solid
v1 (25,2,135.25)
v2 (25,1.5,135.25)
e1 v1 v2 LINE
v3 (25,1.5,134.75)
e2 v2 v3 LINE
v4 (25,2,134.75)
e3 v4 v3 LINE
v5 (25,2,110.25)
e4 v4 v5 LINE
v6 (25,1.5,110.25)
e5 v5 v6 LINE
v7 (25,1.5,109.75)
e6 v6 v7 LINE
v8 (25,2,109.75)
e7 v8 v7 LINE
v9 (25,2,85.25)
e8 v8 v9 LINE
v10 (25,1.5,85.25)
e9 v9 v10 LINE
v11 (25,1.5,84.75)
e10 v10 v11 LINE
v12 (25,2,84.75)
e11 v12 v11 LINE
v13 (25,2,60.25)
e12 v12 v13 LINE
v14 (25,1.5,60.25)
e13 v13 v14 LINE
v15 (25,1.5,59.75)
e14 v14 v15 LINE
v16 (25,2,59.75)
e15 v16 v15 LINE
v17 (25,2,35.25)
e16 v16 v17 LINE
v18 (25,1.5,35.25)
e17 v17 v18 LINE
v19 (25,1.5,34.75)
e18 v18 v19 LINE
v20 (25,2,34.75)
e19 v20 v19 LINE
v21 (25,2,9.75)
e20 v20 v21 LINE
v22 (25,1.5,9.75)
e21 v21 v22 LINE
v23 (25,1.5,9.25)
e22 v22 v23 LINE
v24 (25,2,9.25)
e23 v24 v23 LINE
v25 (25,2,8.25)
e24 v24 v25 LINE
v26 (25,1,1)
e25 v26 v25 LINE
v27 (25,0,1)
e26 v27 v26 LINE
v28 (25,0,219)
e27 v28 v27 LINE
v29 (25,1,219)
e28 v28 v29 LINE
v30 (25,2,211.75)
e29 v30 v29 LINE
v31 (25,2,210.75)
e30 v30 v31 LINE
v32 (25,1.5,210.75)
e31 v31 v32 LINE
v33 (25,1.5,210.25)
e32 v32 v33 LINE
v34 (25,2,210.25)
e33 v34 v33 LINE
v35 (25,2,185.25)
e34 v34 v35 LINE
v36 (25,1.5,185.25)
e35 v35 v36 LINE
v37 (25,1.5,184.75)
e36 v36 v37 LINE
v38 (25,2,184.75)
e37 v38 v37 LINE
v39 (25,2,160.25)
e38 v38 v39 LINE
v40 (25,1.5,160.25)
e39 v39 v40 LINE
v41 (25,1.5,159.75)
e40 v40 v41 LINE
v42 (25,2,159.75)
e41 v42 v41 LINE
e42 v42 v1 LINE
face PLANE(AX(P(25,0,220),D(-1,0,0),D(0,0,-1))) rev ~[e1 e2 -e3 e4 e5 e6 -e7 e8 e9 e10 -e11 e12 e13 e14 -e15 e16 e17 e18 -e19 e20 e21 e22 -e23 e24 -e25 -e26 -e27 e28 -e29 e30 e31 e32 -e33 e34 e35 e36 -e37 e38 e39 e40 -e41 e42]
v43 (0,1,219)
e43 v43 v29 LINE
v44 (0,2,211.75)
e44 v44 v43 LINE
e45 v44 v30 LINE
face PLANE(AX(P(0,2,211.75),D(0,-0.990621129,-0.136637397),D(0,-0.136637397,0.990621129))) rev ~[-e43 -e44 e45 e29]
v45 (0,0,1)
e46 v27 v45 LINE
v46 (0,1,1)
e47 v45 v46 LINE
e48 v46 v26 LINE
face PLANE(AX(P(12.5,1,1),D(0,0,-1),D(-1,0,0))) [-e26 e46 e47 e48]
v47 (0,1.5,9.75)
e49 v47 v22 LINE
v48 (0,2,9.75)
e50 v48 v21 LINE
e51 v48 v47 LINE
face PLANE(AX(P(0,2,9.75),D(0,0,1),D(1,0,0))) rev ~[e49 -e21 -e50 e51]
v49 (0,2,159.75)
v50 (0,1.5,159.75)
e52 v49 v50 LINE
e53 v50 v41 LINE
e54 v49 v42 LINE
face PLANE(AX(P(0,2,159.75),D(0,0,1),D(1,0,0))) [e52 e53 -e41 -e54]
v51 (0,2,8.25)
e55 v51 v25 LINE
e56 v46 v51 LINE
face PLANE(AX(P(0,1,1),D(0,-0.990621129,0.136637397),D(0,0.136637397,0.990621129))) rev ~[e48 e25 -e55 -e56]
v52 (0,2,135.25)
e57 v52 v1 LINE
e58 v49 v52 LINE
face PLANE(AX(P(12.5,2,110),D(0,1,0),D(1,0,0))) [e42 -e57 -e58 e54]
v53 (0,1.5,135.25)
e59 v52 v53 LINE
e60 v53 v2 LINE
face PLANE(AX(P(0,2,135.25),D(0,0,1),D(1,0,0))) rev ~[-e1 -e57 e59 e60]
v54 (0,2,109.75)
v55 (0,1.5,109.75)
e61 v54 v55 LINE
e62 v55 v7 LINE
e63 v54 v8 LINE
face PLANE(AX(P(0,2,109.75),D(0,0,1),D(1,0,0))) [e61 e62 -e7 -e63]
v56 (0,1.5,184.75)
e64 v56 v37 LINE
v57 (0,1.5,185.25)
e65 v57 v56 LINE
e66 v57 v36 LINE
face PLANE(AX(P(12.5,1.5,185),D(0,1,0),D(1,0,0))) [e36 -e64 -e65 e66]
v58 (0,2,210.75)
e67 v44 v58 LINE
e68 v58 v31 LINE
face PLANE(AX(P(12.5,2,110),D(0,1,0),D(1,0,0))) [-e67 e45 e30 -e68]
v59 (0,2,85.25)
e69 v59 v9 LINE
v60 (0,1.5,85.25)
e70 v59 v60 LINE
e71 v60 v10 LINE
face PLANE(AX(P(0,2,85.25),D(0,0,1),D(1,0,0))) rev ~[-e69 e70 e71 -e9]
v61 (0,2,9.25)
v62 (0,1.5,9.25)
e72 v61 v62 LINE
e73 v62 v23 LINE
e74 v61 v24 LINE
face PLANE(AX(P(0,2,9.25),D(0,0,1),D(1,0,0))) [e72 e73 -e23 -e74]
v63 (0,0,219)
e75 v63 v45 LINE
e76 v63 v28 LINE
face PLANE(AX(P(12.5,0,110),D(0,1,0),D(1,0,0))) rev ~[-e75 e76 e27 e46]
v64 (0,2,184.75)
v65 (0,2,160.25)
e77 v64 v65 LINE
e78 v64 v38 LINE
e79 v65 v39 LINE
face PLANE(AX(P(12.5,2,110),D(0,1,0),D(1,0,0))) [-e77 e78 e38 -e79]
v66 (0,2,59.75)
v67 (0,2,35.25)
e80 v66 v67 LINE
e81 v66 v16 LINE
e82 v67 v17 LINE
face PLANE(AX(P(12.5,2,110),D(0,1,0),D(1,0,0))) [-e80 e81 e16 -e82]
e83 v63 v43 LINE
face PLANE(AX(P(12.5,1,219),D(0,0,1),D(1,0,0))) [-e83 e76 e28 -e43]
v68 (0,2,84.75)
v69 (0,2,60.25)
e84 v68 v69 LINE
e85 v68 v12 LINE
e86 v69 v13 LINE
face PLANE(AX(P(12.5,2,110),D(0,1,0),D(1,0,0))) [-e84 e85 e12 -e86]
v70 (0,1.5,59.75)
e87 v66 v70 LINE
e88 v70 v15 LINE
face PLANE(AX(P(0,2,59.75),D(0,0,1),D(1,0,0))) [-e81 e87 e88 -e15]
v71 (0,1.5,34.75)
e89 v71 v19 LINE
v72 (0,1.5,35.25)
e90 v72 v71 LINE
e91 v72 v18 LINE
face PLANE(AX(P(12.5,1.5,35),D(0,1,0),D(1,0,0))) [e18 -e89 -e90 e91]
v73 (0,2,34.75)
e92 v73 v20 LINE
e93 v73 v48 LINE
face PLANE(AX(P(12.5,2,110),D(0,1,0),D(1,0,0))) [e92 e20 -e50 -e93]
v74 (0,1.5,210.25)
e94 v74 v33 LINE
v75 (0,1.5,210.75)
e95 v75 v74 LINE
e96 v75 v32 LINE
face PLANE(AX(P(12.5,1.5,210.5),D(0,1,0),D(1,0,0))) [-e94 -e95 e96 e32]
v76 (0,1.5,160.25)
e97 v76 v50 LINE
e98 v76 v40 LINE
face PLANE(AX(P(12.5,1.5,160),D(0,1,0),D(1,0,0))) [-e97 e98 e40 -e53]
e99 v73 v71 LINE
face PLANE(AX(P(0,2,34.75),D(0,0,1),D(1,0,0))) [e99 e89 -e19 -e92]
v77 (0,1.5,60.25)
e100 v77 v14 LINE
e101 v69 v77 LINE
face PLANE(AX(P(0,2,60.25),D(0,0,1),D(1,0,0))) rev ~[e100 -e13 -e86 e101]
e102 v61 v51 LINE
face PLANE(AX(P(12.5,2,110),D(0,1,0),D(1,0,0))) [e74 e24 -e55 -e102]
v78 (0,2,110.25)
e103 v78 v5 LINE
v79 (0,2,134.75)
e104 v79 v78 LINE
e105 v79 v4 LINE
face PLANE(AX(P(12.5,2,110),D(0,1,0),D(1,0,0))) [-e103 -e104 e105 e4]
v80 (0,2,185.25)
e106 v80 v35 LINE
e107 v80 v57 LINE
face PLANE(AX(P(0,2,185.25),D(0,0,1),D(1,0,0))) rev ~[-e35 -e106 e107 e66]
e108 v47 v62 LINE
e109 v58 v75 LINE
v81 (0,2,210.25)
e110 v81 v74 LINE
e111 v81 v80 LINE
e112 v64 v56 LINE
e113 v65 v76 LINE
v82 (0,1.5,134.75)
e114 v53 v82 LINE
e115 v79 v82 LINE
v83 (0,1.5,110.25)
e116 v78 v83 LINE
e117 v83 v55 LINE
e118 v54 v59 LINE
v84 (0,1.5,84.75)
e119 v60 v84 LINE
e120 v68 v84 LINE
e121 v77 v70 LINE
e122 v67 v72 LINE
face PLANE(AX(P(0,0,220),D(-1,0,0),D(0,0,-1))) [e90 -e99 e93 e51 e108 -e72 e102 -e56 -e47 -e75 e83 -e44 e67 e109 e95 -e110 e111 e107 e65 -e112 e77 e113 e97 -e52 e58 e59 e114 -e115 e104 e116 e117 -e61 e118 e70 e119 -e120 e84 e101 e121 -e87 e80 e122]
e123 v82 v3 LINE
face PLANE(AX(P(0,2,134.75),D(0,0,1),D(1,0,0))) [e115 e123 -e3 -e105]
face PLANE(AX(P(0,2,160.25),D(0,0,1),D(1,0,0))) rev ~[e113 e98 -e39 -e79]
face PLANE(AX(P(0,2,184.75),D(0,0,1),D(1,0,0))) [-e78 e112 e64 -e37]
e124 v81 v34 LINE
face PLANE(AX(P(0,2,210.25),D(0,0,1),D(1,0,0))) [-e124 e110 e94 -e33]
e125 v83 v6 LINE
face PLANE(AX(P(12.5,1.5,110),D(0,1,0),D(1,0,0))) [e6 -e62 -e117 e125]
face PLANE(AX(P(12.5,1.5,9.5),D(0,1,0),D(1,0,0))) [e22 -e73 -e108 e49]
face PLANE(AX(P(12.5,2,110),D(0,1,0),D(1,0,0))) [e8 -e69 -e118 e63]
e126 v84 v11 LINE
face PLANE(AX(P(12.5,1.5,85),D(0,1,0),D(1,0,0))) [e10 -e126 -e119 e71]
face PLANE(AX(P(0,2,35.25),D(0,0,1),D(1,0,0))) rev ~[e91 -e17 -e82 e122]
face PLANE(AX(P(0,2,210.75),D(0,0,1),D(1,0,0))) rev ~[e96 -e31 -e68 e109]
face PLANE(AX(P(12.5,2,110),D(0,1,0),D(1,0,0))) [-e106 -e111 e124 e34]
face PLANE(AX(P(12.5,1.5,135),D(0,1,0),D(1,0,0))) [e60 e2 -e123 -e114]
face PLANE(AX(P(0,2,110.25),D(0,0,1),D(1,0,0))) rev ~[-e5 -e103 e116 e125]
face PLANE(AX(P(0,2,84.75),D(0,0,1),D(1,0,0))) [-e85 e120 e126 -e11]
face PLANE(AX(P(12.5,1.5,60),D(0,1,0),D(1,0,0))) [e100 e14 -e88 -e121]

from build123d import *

# Parameters (mm, degrees)
SKETCH1_W           = 25
SKETCH1_H           = 220
BOSS_EXTRUDE1_DEPTH = 2
SKETCH2_W           = 25
SKETCH2_H           = 0.5
CUT_EXTRUDE1_DEPTH  = 0.5
SKETCH3_W           = 25
SKETCH3_H           = 2
CUT_EXTRUDE2_DEPTH  = 1
SKETCH4_W           = 25
SKETCH4_H           = 2
CUT_EXTRUDE3_DEPTH  = 1
CUT_EXTRUDE4_DEPTH  = 25


with BuildPart() as part:
    # Sketch1 → Boss-Extrude1 (new body)
    with BuildSketch(Plane(origin=(0, 0, 0), x_dir=(1, 0, 0), z_dir=(0, 1, 0))):
        with Locations((12.5, -110)):
            Rectangle(SKETCH1_W, SKETCH1_H)
    extrude(amount=BOSS_EXTRUDE1_DEPTH)

    # Sketch2 → Cut-Extrude1 (cut)
    with BuildSketch(Plane(origin=(0, 2, 0), x_dir=(1, 0, 0), z_dir=(0, 1, 0))):
        with Locations((12.5, -9.5)):
            Rectangle(SKETCH2_W, SKETCH2_H)
        with Locations((12.5, -210.5)):
            Rectangle(SKETCH2_W, SKETCH2_H)
        with Locations((12.5, -60)):
            Rectangle(SKETCH2_W, SKETCH2_H)
        with Locations((12.5, -35)):
            Rectangle(SKETCH2_W, SKETCH2_H)
        with Locations((12.5, -85)):
            Rectangle(SKETCH2_W, SKETCH2_H)
        with Locations((12.5, -110)):
            Rectangle(SKETCH2_W, SKETCH2_H)
        with Locations((12.5, -135)):
            Rectangle(SKETCH2_W, SKETCH2_H)
        with Locations((12.5, -160)):
            Rectangle(SKETCH2_W, SKETCH2_H)
        with Locations((12.5, -185)):
            Rectangle(SKETCH2_W, SKETCH2_H)
    extrude(amount=-CUT_EXTRUDE1_DEPTH, mode=Mode.SUBTRACT)

    # Sketch3 → Cut-Extrude2 (cut)
    with BuildSketch(Plane(origin=(0, 0, 0), x_dir=(-1, 0, 0), z_dir=(0, 0, -1))):
        with Locations((-12.5, 1)):
            Rectangle(SKETCH3_W, SKETCH3_H)
    extrude(amount=-CUT_EXTRUDE2_DEPTH, mode=Mode.SUBTRACT)

    # Sketch4 → Cut-Extrude3 (cut)
    with BuildSketch(Plane.XY.offset(220)):
        with Locations((12.5, 1)):
            Rectangle(SKETCH4_W, SKETCH4_H)
    extrude(amount=-CUT_EXTRUDE3_DEPTH, mode=Mode.SUBTRACT)

    # Sketch5 → Cut-Extrude4 (cut)
    with BuildSketch(Plane.ZY):
        Polygon((1, 1), (8.25, 2), (1, 2), align=None)
        Polygon((211.75, 2), (219, 1), (219, 2), align=None)
    extrude(amount=-CUT_EXTRUDE4_DEPTH, mode=Mode.SUBTRACT)


solid = part.part
